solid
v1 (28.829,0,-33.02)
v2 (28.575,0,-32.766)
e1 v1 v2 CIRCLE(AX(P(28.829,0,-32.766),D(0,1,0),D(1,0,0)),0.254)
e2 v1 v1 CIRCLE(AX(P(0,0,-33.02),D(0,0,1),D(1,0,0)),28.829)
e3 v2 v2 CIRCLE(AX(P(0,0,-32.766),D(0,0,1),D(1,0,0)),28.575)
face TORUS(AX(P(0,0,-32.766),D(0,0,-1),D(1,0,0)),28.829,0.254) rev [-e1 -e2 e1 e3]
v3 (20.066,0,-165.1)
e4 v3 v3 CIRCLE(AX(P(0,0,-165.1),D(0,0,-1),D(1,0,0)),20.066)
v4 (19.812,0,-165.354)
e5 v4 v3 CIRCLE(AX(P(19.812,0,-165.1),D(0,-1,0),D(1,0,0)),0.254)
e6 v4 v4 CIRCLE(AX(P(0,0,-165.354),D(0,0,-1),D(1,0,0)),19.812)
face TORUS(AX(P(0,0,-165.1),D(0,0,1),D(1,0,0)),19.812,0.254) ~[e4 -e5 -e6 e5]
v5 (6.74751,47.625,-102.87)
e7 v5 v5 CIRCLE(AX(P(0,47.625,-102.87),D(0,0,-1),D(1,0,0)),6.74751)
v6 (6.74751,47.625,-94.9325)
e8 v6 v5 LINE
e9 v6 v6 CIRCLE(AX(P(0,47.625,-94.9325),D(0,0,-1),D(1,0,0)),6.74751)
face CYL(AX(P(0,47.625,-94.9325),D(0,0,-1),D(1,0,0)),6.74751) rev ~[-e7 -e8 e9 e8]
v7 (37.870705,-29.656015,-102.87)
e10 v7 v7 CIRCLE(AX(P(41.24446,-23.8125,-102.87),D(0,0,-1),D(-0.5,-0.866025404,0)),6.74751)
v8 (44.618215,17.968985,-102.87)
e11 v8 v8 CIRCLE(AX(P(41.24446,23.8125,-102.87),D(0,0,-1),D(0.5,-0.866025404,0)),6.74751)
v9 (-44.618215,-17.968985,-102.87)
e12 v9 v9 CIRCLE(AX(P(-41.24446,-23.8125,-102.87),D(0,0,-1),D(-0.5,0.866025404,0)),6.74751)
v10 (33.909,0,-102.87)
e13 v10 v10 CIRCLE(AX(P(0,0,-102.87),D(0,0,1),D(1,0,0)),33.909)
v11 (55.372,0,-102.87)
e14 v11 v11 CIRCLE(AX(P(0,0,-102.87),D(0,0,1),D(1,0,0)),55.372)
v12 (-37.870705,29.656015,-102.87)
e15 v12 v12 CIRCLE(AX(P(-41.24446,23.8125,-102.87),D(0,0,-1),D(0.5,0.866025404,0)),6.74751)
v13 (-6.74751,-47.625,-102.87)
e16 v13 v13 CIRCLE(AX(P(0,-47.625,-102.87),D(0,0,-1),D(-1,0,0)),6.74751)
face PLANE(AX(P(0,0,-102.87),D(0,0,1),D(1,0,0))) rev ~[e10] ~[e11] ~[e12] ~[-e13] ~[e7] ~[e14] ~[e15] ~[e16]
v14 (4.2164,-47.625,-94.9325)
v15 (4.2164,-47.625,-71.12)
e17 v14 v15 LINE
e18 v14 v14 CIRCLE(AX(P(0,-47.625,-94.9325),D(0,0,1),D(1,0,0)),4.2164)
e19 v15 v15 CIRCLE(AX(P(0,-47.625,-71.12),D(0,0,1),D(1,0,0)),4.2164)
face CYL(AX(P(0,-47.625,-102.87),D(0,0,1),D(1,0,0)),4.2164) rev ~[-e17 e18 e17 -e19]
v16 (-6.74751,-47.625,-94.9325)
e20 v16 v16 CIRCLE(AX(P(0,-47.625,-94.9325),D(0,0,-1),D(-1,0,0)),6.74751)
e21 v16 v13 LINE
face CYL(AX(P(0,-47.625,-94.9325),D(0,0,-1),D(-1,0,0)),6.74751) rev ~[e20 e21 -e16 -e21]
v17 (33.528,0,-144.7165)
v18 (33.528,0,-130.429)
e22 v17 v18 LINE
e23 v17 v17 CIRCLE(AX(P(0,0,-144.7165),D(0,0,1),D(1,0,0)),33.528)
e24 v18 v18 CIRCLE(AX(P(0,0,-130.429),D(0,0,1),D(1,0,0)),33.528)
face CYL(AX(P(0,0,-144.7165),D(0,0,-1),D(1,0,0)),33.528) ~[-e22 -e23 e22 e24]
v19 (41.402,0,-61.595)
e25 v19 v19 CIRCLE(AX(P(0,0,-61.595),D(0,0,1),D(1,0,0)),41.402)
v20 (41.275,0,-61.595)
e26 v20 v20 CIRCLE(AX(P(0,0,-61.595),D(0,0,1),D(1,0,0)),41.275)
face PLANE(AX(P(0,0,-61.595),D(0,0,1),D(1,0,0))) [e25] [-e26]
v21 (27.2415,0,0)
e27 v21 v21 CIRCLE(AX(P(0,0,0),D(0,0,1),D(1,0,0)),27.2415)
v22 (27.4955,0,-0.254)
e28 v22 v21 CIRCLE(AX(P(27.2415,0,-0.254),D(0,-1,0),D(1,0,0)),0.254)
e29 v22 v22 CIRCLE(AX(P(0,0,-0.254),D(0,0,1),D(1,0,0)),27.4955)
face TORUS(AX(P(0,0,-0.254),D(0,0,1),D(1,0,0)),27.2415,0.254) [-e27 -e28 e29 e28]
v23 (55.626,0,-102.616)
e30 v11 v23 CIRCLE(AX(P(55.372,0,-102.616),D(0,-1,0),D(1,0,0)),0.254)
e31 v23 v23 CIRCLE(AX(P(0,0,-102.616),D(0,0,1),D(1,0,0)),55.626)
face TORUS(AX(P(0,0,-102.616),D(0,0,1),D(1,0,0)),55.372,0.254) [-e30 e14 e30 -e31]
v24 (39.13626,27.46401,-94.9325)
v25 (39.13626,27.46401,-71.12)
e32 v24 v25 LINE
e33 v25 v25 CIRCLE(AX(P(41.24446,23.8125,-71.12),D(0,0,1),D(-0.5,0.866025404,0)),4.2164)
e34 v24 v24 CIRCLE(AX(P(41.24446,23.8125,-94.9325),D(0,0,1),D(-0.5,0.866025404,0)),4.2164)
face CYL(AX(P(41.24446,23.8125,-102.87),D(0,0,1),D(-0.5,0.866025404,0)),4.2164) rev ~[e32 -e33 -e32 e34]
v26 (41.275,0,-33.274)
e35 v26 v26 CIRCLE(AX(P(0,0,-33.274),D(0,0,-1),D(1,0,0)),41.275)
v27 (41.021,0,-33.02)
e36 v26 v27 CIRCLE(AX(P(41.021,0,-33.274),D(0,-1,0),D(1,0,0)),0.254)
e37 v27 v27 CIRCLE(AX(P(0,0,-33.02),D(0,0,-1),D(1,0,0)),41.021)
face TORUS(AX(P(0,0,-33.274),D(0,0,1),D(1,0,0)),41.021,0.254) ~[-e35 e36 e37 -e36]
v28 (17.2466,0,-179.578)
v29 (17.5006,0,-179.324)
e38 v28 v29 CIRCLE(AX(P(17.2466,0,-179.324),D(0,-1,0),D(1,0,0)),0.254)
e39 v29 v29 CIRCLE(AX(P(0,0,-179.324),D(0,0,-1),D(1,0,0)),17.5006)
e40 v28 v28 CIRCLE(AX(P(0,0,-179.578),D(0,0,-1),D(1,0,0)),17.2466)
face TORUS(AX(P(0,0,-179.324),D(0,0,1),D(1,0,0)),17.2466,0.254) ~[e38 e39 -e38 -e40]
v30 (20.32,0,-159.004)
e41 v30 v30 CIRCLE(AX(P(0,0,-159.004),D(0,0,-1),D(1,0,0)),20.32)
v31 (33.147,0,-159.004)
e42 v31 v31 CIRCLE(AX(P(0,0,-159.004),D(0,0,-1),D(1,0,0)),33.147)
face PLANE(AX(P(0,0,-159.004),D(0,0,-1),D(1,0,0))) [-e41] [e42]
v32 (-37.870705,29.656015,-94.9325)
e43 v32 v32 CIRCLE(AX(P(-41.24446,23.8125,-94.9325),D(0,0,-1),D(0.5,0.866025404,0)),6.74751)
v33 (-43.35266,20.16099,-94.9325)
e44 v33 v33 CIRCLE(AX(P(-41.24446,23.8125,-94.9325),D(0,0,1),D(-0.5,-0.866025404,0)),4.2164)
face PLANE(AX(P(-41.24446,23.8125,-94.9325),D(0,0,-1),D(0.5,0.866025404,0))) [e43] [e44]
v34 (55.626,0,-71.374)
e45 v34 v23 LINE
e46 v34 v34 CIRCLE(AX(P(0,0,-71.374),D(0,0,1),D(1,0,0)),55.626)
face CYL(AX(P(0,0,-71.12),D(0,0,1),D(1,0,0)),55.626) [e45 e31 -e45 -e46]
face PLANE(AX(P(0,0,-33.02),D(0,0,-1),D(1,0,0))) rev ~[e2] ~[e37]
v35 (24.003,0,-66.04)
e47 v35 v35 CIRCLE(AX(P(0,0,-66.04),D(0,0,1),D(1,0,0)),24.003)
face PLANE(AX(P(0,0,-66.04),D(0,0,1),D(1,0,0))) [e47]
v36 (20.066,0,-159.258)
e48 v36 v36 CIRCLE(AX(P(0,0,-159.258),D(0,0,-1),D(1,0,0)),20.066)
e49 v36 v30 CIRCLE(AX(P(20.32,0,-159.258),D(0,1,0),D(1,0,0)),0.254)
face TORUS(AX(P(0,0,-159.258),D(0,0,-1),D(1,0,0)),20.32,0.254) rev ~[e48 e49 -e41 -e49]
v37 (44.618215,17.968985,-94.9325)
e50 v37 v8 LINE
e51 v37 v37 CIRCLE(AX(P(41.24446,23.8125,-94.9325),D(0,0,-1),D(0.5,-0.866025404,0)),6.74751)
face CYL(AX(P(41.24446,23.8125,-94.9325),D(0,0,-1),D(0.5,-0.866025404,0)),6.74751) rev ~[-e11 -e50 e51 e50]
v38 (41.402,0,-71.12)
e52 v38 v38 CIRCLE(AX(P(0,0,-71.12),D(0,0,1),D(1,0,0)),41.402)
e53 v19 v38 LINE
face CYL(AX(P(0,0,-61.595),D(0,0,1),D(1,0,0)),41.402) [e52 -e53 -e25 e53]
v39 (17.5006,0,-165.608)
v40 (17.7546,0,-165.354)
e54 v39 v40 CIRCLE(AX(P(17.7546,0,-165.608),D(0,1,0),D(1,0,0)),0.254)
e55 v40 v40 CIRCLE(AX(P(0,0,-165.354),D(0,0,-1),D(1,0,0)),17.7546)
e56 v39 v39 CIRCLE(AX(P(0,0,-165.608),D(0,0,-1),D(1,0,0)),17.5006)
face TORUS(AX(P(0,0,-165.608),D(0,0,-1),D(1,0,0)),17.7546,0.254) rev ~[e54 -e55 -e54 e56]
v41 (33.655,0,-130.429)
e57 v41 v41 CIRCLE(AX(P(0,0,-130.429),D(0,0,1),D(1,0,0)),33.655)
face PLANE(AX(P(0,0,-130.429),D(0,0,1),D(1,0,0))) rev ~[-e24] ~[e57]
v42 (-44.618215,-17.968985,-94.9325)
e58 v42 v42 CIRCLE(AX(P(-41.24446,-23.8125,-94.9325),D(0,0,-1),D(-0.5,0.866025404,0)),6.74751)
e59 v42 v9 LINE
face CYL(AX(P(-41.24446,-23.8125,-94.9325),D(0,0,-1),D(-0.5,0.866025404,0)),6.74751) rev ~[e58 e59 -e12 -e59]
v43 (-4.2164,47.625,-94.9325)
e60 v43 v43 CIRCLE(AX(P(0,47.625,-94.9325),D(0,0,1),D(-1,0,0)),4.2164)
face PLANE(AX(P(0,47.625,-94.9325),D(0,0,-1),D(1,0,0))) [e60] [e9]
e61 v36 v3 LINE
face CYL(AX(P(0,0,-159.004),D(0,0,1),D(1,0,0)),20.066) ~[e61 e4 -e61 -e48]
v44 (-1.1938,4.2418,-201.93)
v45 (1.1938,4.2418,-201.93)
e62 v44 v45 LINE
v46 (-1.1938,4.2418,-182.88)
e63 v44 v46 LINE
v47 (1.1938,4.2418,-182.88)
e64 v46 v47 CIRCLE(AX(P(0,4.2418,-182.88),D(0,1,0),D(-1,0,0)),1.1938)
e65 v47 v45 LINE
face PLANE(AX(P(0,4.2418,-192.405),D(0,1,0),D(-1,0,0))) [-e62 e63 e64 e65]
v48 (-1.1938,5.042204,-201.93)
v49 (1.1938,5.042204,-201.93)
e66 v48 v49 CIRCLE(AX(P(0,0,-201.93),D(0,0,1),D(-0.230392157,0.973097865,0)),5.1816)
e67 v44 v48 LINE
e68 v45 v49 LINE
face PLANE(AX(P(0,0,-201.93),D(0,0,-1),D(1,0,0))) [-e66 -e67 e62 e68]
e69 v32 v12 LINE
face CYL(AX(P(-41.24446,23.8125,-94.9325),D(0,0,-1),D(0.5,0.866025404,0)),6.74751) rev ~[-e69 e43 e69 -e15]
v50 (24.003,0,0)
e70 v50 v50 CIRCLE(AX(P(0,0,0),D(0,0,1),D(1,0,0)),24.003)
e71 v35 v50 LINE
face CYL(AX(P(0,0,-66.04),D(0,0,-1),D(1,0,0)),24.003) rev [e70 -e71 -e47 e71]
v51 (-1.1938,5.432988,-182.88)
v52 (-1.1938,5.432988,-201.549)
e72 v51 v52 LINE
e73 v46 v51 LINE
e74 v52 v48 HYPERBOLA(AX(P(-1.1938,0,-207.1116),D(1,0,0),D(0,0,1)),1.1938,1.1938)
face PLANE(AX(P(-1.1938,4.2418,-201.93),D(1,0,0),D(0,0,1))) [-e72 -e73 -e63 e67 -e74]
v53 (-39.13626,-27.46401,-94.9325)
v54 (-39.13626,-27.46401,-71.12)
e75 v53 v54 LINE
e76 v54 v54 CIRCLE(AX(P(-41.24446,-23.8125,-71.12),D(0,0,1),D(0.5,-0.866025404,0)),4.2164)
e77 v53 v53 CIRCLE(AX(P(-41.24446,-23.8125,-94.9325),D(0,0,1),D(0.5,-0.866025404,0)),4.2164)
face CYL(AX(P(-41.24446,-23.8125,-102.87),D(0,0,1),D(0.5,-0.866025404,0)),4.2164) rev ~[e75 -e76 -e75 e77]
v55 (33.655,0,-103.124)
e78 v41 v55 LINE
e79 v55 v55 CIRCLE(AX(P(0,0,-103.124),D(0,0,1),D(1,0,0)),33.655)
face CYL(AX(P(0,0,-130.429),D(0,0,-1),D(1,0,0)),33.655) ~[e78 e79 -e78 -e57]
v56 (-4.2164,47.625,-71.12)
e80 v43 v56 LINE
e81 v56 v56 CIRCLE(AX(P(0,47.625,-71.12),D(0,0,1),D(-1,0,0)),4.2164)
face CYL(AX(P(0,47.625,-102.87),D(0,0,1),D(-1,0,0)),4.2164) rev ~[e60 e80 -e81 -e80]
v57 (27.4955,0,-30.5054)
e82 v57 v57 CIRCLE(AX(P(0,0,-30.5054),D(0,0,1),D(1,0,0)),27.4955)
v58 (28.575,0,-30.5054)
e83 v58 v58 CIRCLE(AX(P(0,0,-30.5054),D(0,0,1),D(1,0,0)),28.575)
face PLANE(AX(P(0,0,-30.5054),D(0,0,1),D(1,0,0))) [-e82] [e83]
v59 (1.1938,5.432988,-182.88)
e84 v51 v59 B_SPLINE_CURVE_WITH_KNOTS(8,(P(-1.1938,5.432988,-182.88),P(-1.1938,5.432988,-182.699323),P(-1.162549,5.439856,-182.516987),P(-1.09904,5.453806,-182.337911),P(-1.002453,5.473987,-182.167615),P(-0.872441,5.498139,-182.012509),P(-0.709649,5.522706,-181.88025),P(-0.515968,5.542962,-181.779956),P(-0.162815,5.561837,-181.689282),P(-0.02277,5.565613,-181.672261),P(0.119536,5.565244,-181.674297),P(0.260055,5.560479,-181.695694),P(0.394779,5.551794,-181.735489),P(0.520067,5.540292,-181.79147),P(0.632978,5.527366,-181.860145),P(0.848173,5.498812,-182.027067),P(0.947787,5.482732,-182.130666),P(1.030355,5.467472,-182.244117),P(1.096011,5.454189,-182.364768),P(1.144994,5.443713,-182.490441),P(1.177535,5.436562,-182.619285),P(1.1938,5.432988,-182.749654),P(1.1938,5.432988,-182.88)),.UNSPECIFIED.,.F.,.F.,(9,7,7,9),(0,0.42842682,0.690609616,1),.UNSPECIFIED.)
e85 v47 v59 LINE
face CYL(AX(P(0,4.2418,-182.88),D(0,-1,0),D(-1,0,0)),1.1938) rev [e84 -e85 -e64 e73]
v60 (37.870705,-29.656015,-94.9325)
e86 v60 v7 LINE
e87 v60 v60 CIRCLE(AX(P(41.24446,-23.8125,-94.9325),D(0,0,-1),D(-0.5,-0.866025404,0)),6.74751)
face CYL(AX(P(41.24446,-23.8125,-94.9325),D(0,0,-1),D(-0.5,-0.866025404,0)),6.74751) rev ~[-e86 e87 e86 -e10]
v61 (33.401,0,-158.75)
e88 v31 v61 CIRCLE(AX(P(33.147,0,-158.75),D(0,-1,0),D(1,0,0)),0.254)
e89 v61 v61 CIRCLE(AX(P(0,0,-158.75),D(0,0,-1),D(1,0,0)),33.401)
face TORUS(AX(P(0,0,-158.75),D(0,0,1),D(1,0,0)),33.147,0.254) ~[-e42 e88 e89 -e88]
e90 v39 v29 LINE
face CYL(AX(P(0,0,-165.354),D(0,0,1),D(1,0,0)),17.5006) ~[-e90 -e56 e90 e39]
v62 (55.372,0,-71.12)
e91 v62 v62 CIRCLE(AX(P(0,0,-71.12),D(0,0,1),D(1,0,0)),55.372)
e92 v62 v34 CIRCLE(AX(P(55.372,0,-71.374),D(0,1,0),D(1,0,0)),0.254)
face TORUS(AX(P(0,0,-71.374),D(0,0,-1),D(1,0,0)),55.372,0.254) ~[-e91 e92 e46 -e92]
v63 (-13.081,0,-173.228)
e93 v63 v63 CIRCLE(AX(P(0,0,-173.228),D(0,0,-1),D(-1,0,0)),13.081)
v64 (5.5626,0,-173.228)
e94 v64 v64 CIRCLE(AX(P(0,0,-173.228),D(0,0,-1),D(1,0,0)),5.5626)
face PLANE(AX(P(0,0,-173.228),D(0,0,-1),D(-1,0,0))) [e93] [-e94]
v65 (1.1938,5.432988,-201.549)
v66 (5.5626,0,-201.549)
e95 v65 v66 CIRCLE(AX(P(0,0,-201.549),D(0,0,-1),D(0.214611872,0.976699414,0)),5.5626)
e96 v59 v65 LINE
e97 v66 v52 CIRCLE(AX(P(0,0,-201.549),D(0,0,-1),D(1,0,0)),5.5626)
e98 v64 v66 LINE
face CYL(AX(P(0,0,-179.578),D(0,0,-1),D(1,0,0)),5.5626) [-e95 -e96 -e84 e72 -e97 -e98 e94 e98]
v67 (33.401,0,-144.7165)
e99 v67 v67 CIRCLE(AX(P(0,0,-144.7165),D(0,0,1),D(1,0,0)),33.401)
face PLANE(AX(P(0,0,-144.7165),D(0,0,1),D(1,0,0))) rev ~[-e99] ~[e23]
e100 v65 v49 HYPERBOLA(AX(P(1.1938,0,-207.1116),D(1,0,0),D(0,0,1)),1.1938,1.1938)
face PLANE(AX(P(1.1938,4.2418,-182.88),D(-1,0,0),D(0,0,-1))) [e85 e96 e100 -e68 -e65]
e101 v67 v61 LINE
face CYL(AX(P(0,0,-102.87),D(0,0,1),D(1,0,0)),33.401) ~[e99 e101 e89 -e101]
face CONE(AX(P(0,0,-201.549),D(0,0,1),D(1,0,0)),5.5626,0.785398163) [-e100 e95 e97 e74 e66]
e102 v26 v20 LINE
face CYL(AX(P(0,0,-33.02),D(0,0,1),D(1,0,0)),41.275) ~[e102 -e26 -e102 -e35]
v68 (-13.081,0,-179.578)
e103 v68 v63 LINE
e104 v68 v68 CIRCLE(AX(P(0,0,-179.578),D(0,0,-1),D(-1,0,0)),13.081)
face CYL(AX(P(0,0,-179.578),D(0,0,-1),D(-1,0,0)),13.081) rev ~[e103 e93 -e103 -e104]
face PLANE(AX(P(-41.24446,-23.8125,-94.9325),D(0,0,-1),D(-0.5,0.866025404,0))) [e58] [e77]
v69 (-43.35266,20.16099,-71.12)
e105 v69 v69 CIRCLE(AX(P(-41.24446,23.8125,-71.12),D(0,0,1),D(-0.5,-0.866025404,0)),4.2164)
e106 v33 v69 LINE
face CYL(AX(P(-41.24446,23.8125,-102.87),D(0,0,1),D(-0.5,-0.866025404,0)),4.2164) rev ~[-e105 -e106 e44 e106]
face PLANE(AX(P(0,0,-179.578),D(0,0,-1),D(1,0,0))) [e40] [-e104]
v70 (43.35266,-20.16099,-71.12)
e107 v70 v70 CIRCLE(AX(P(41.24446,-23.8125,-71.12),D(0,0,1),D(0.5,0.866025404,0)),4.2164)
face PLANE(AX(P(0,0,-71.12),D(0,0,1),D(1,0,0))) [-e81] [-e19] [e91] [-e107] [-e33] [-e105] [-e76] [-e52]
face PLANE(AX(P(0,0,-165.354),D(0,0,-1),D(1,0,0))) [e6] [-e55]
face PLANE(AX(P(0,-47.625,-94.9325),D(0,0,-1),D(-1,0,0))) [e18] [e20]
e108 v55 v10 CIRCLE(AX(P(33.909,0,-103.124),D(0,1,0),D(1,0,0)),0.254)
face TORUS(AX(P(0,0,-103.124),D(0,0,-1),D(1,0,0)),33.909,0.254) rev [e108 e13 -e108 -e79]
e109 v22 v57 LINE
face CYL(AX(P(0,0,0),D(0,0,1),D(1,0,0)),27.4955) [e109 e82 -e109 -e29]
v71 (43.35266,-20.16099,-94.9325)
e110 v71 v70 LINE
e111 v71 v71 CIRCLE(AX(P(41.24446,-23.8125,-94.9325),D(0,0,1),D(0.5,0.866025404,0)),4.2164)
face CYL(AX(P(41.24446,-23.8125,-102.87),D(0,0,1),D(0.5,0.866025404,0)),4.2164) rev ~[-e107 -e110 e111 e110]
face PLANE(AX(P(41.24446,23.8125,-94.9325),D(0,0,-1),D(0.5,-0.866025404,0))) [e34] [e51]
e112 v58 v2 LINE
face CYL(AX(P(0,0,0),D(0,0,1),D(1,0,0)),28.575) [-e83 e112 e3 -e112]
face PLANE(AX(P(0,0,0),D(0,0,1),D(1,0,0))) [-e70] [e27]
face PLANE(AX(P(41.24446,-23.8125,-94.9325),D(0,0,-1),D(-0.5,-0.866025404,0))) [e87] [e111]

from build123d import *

# Parameters (mm, degrees)
SKETCH1_R                 = 28.575
EXTRUDE_E_DEPTH           = 33.02
SKETCH2_R                 = 28.575
SKETCH2_R_2               = 27.4955
FROM_DRAWING_DEPTH        = 30.5054
SKETCH3_R                 = 41.275
EXTRUDE_C_DEPTH           = 38.1
SKETCH4_R                 = 41.402
SKETCH4_R_2               = 41.275
BOSS_EXTRUDE3_DEPTH       = 9.525
SKETCH5_R                 = 55.626
BOSS_EXTRUDE4_DEPTH       = 31.75
CUT_EXTRUDE_START         = -66.04
SKETCH6_R                 = 24.003
CUT_EXTRUDE_F_DEPTH       = 66.04
SKETCH8_R                 = 33.401
EXTRUDE_D_DEPTH           = 56.134
BOSS_EXTRUDE6_START       = 14.2875
SKETCH9_R                 = 33.528
BOSS_EXTRUDE6_DEPTH       = 14.2875
SKETCH10_R                = 33.655
BOSS_EXTRUDE7_DEPTH       = 27.559
SKETCH11_R                = 20.066
FROM_DRAWING_2_DEPTH      = 6.35
SKETCH12_R                = 17.5006
EXTRUDE_Q_DEPTH           = 14.224
SKETCH13_R                = 5.5626
EXTRUDE_R_DEPTH           = 22.352
HOLE_WIZARD_S_D           = 8.4328
HOLE_WIZARD_S_CBORE_D     = 13.49502
HOLE_WIZARD_S_CBORE_DEPTH = 7.9375
CIRPATTERN1_COUNT         = 6
SKETCH16_R                = 13.081
SKETCH16_R_2              = 5.5626
CUT_EXTRUDE3_DEPTH        = 6.35
CUT_EXTRUDE_T_DEPTH       = 52.3842
CHAMFER1_SIZE             = 0.381
FILLET1_R                 = 0.254


with BuildPart() as part:
    # Sketch1 → Extrude E (new body)
    with BuildSketch(Plane.XY):
        Circle(SKETCH1_R)
    extrude(amount=-EXTRUDE_E_DEPTH)

    # Sketch2 → from drawing (cut)
    with BuildSketch(Plane.XY):
        Circle(SKETCH2_R)
        Circle(SKETCH2_R_2, mode=Mode.SUBTRACT)
    extrude(amount=-FROM_DRAWING_DEPTH, mode=Mode.SUBTRACT)

    # Sketch3 → Extrude C (add)
    with BuildSketch(Plane(origin=(0, 0, -33.02), x_dir=(-1, 0, 0), z_dir=(0, 0, -1))):
        with Locations(Location((0, 0, 0), (0, 0, 180))):  # turned: the seam where the file's is
            Circle(SKETCH3_R)
    extrude(amount=EXTRUDE_C_DEPTH)

    # Sketch4 → Boss-Extrude3 (add)
    with BuildSketch(Plane.XY.offset(-61.595)):
        Circle(SKETCH4_R)
        Circle(SKETCH4_R_2, mode=Mode.SUBTRACT)
    extrude(amount=-BOSS_EXTRUDE3_DEPTH)

    # Sketch5 → Boss-Extrude4 (add)
    with BuildSketch(Plane.XY.offset(-71.12)):
        Circle(SKETCH5_R)
    extrude(amount=-BOSS_EXTRUDE4_DEPTH)

    # Sketch6 → Cut-Extrude F (cut)
    with BuildSketch(Plane.XY.offset(CUT_EXTRUDE_START)):
        Circle(SKETCH6_R)
    extrude(amount=CUT_EXTRUDE_F_DEPTH, mode=Mode.SUBTRACT)

    # Sketch8 → Extrude D (add)
    with BuildSketch(Plane(origin=(0, 0, -102.87), x_dir=(-1, 0, 0), z_dir=(0, 0, -1))):
        with Locations(Location((0, 0, 0), (0, 0, 180))):  # turned: the seam where the file's is
            Circle(SKETCH8_R)
    extrude(amount=EXTRUDE_D_DEPTH)

    # Sketch9 → Boss-Extrude6 (add)
    with BuildSketch(Plane.XY.offset(-159.004).offset(BOSS_EXTRUDE6_START)):
        Circle(SKETCH9_R)
    extrude(amount=BOSS_EXTRUDE6_DEPTH)

    # Sketch10 → Boss-Extrude7 (add)
    with BuildSketch(Plane.XY.offset(-130.429)):
        Circle(SKETCH10_R)
    extrude(amount=BOSS_EXTRUDE7_DEPTH)

    # Sketch11 → from drawing 2 (add)
    with BuildSketch(Plane(origin=(0, 0, -159.004), x_dir=(-1, 0, 0), z_dir=(0, 0, -1))):
        with Locations(Location((0, 0, 0), (0, 0, 180))):  # turned: the seam where the file's is
            Circle(SKETCH11_R)
    extrude(amount=FROM_DRAWING_2_DEPTH)

    # Sketch12 → Extrude Q (add)
    with BuildSketch(Plane(origin=(0, 0, -165.354), x_dir=(-1, 0, 0), z_dir=(0, 0, -1))):
        with Locations(Location((0, 0, 0), (0, 0, 180))):  # turned: the seam where the file's is
            Circle(SKETCH12_R)
    extrude(amount=EXTRUDE_Q_DEPTH)

    # Sketch13 → Extrude R (add)
    with BuildSketch(Plane(origin=(0, 0, -179.578), x_dir=(-1, 0, 0), z_dir=(0, 0, -1))):
        with Locations(Location((0, 0, 0), (0, 0, 180))):  # turned: the seam where the file's is
            Circle(SKETCH13_R)
    extrude(amount=EXTRUDE_R_DEPTH)

    # Hole Wizard S (through all)
    with Locations(Plane(origin=(0, 0, -102.87), x_dir=(-1, 0, 0), z_dir=(0, 0, -1))):
        with Locations((0, -47.625)):
            hole_wizard_s = CounterBoreHole(HOLE_WIZARD_S_D / 2, HOLE_WIZARD_S_CBORE_D / 2, HOLE_WIZARD_S_CBORE_DEPTH)

    # CirPattern1: Hole Wizard S ×6 about axis
    cirpattern1_axis = Axis((0, 0, 0), (0, 0, 1))
    for i in range(1, CIRPATTERN1_COUNT):
        add(hole_wizard_s.rotate(cirpattern1_axis, i * 360 / CIRPATTERN1_COUNT), mode=Mode.SUBTRACT)

    # Sketch16 → Cut-Extrude3 (cut)
    with BuildSketch(Plane(origin=(0, 0, -179.578), x_dir=(-1, 0, 0), z_dir=(0, 0, -1))):
        Circle(SKETCH16_R)
        with Locations(Location((0, 0, 0), (0, 0, 180))):  # turned: the seam where the file's is
            Circle(SKETCH16_R_2, mode=Mode.SUBTRACT)
    extrude(amount=-CUT_EXTRUDE3_DEPTH, mode=Mode.SUBTRACT)

    # Sketch17 → Cut-Extrude T (cut, through all)
    with BuildSketch(Plane.XZ.offset(-4.2418)):
        with BuildLine():
            Line((-1.1938, -201.93), (-1.1938, -182.88))
            ThreePointArc((-1.1938, -182.88), (0, -181.6862), (1.1938, -182.88))
            Line((1.1938, -182.88), (1.1938, -201.93))
            ThreePointArc((1.1938, -201.93), (0, -203.1238), (-1.1938, -201.93))
        make_face()
    extrude(amount=-CUT_EXTRUDE_T_DEPTH, mode=Mode.SUBTRACT)

    # Chamfer1
    chamfer1_edges = [part.edges().sort_by_distance(p)[0] for p in [
        (-3.48582034, -4.334925065, -201.93),
    ]]
    chamfer(chamfer1_edges, length=CHAMFER1_SIZE)

    # Fillet1
    fillet1_edges = [part.edges().sort_by_distance(p)[0] for p in [
        (-27.4955, 0, 0),
        (-41.275, 0, -33.02),
        (-55.626, 0, -71.12),
        (-55.626, 0, -102.87),
        (-33.401, 0, -159.004),
        (-28.575, 0, -33.02),
        (-33.655, 0, -102.87),
        (-20.066, 0, -159.004),
        (-20.066, 0, -165.354),
        (-17.5006, 0, -165.354),
        (-17.5006, 0, -179.578),
    ]]
    fillet(fillet1_edges, radius=FILLET1_R)


solid = part.part
